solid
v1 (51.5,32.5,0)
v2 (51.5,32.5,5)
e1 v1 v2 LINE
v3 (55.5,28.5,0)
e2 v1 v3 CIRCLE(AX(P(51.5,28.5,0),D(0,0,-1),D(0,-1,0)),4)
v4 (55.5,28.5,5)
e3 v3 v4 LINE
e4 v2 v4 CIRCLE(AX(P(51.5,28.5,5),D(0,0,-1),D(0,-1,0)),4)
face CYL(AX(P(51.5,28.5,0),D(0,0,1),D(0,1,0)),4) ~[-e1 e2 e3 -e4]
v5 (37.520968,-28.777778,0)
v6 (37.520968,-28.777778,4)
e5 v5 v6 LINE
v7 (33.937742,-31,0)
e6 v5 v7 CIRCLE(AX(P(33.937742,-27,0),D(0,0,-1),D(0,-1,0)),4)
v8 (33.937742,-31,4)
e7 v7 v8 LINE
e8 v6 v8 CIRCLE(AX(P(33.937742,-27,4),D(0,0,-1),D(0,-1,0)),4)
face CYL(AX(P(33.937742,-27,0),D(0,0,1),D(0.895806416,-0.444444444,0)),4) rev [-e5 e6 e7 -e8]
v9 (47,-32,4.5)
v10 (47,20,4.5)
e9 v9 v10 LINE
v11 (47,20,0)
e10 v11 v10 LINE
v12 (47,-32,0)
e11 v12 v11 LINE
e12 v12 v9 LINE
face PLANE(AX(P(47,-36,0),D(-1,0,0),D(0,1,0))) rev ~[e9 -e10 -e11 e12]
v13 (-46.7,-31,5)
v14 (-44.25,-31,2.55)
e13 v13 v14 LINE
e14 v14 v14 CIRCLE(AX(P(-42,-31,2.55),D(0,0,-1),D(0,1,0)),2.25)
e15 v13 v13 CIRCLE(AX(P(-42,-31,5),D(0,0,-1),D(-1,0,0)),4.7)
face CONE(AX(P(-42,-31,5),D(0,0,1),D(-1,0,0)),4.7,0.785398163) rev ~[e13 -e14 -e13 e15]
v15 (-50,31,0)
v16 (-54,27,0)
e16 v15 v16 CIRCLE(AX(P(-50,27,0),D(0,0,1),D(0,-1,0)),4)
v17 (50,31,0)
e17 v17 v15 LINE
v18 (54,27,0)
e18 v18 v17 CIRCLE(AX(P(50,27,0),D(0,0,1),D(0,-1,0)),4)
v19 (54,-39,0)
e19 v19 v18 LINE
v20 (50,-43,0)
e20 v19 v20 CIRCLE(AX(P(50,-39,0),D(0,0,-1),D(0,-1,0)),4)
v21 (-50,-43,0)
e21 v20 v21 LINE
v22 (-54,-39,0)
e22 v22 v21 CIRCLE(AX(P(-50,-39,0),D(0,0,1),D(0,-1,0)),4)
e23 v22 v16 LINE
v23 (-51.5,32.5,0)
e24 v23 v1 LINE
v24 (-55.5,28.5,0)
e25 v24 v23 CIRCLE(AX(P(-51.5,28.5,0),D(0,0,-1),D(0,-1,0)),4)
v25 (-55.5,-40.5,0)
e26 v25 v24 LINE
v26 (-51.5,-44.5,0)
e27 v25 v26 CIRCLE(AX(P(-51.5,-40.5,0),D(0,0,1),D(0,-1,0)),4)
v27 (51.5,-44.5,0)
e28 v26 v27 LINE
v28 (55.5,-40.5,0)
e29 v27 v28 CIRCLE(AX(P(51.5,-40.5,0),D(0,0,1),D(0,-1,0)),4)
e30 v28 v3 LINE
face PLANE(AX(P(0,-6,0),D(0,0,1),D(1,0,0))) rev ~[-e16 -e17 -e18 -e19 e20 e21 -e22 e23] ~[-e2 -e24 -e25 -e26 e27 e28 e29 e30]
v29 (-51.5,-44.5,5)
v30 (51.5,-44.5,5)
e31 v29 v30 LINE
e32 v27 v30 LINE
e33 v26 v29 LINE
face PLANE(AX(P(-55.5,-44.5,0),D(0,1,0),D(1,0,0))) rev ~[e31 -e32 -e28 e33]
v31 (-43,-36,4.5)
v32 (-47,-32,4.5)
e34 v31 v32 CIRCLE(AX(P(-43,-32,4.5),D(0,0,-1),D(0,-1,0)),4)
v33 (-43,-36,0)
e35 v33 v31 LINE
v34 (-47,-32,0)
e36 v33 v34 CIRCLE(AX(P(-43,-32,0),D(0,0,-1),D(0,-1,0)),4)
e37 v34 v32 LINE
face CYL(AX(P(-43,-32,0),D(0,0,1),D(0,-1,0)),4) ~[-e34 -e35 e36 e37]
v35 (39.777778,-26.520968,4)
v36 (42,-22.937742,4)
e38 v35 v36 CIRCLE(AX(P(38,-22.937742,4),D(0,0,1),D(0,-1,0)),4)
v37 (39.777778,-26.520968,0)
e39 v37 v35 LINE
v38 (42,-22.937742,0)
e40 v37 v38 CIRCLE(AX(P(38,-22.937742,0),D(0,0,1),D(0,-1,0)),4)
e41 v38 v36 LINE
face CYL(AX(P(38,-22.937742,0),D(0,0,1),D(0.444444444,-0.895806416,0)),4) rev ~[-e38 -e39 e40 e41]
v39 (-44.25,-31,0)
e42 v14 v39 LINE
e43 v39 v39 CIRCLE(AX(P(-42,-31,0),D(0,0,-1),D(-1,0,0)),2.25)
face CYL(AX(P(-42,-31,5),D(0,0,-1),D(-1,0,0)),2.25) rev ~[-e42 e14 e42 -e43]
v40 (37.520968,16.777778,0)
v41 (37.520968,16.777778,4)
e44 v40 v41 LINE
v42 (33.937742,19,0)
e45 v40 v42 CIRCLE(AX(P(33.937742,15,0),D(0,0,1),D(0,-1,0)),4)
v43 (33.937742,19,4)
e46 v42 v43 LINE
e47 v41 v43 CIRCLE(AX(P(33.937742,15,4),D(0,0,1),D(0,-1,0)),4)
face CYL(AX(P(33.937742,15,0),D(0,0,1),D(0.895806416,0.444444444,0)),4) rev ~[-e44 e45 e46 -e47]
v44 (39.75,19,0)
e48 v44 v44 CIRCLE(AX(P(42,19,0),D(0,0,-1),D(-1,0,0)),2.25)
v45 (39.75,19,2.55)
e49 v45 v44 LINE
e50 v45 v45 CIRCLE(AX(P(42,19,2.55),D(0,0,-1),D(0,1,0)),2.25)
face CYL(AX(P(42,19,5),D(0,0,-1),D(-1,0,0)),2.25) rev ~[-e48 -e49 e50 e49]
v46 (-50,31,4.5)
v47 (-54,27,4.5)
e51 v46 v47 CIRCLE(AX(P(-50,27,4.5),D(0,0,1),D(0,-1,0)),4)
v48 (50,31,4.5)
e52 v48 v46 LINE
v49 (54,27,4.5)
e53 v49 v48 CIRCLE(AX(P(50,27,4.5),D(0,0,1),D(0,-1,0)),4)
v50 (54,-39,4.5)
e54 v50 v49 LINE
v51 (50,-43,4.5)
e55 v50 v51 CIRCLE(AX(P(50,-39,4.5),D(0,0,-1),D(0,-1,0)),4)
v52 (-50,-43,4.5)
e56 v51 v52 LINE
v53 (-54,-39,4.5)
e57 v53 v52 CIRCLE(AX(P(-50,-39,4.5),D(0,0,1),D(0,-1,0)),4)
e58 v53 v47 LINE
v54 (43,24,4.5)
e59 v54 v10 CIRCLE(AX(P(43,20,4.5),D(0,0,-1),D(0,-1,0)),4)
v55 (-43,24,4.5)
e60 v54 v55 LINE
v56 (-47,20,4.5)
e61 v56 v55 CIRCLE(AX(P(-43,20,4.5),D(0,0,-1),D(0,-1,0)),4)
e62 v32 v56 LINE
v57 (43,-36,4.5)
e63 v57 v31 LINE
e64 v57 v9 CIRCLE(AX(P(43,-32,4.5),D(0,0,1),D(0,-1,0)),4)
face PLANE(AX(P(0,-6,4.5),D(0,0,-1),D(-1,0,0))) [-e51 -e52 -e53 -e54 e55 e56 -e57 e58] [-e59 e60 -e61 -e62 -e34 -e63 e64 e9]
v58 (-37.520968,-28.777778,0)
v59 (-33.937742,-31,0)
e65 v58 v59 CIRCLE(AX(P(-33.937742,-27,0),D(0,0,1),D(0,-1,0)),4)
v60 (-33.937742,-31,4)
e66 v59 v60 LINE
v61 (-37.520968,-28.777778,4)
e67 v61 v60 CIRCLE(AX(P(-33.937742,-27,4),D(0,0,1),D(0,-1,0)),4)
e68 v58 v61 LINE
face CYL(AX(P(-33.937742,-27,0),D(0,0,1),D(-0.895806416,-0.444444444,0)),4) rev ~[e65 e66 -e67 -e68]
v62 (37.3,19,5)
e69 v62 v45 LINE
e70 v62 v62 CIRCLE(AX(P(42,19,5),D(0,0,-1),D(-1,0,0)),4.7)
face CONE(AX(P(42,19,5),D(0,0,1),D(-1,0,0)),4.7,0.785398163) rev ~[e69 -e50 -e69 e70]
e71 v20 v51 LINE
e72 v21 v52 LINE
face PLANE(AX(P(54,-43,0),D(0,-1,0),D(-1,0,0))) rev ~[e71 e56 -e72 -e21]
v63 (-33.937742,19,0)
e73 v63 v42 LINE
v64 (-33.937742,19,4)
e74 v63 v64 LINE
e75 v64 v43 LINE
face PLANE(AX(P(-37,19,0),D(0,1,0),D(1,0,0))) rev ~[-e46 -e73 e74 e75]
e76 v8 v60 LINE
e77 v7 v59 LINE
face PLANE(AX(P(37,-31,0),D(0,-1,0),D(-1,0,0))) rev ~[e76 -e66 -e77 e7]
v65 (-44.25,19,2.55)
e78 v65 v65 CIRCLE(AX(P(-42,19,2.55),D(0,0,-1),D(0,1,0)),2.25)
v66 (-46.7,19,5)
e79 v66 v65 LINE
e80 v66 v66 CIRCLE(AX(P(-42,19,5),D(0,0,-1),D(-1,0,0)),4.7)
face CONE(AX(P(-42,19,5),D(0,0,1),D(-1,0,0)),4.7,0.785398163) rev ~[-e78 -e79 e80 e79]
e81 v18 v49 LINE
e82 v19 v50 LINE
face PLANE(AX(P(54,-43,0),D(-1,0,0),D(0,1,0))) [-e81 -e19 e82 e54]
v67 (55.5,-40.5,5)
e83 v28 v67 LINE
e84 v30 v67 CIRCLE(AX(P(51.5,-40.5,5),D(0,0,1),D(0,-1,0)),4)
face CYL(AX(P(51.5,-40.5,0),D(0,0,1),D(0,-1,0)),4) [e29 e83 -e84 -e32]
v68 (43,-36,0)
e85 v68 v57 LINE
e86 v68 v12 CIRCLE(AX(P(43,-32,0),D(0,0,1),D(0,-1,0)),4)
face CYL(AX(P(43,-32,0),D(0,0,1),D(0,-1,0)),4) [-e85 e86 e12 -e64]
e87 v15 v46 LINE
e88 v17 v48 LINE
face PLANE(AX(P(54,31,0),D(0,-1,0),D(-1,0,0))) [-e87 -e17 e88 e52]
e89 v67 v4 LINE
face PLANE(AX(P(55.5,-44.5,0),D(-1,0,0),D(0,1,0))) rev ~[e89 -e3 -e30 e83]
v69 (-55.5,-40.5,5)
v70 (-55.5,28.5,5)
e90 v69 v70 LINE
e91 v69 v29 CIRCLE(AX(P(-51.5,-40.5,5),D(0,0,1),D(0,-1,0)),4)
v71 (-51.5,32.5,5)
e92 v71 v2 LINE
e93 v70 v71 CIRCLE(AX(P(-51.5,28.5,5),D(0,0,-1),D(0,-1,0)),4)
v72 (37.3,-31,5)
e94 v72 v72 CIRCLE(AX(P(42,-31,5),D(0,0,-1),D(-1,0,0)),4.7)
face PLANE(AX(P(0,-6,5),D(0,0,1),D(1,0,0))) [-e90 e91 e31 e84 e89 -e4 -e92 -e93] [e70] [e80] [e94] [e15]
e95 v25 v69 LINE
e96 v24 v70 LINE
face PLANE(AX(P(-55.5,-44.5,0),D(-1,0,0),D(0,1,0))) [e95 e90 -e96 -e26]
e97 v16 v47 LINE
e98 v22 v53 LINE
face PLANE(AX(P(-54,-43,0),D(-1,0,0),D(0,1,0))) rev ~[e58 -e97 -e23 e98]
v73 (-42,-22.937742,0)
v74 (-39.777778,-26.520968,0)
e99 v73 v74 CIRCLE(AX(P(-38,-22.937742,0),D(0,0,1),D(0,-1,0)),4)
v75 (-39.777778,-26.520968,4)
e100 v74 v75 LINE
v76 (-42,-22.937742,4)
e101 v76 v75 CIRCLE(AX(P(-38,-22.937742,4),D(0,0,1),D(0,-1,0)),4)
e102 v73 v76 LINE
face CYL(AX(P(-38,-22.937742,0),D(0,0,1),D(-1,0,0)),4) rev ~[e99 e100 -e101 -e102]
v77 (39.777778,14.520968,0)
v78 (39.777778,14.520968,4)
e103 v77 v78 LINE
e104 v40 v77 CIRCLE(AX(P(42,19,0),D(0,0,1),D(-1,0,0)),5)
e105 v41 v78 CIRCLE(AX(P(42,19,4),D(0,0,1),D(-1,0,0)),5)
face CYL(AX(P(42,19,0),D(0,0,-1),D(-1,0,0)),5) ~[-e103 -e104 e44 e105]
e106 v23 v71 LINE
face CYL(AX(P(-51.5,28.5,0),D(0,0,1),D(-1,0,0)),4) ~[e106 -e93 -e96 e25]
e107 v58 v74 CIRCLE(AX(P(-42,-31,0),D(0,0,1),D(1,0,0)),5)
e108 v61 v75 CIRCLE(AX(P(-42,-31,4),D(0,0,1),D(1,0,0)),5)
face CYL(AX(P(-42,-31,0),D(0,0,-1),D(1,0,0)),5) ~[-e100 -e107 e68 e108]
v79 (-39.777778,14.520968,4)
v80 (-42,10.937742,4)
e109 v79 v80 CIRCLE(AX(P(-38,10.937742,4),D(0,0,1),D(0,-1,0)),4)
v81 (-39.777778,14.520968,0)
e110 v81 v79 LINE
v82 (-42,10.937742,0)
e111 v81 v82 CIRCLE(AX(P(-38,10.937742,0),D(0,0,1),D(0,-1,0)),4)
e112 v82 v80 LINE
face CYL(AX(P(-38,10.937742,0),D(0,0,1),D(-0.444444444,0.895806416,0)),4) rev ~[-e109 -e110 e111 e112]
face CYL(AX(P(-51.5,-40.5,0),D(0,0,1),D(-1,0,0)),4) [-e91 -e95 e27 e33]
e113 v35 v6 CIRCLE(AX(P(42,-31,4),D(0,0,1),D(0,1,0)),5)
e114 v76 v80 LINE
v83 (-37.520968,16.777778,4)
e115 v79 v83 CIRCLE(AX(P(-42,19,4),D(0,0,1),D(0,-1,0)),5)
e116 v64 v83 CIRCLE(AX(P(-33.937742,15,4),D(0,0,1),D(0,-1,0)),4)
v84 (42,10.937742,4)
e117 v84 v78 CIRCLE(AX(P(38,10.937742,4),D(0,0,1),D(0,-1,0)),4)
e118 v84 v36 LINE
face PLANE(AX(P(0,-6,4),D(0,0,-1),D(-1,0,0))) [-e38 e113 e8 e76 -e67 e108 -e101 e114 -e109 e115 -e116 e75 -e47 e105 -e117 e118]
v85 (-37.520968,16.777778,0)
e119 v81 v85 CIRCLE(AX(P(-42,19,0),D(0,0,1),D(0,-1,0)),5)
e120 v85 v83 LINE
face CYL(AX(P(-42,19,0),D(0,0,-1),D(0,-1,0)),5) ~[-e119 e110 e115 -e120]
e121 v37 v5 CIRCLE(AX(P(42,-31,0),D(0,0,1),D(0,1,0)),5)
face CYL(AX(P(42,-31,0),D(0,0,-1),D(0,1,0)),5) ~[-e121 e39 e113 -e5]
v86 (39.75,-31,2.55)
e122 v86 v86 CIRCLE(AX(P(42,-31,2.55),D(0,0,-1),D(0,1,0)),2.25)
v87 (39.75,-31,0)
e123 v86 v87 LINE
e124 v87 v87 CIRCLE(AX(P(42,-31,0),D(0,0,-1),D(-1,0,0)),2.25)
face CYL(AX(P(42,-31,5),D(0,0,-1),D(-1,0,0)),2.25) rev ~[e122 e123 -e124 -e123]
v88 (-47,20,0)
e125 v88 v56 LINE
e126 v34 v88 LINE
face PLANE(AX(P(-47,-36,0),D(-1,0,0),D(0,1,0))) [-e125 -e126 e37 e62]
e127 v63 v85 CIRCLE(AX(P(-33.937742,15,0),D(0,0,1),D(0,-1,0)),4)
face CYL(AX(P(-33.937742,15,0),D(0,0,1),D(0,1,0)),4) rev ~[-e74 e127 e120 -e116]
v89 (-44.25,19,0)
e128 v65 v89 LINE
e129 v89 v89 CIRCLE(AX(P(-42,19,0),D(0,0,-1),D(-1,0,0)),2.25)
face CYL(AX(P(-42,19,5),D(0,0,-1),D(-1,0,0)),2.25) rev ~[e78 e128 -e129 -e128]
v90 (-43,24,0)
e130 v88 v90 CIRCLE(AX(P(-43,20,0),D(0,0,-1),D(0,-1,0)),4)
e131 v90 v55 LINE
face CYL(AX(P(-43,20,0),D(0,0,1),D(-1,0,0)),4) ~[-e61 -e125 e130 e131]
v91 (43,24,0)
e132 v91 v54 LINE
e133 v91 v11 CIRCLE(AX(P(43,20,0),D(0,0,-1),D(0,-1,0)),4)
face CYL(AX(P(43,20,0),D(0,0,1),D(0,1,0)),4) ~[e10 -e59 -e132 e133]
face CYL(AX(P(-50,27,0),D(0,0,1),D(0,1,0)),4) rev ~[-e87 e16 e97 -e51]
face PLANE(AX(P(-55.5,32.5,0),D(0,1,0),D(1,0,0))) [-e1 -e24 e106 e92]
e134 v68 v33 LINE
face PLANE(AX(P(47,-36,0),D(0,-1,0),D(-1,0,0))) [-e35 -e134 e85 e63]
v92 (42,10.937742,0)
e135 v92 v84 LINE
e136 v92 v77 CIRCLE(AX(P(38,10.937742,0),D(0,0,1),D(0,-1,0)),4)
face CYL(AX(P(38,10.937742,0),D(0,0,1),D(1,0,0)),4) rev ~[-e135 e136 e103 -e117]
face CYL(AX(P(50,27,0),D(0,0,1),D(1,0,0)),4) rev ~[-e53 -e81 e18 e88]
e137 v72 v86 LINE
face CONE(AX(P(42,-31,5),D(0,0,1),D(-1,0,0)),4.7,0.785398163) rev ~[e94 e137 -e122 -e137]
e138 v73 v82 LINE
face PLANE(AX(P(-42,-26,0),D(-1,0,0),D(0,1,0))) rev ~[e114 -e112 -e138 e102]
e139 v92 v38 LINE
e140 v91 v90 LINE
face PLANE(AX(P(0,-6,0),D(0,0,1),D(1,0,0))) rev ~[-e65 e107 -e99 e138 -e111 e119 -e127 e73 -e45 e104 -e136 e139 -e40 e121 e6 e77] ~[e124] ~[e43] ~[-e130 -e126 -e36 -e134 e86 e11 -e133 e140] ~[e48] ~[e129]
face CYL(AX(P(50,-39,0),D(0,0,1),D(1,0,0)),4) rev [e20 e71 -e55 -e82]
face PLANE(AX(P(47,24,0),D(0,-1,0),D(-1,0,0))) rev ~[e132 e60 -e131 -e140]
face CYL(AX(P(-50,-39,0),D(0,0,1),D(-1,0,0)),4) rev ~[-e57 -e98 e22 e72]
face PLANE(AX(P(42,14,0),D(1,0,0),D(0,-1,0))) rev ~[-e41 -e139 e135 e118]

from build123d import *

# Parameters (mm, degrees)
SKETCH_1_W                   = 111
SKETCH_1_H                   = 77
SKETCH_1_R                   = 2
EXTRUDE_1_DEPTH              = 5
SKETCH_2_W                   = 108
SKETCH_2_H                   = 74
SKETCH_2_W_2                 = 94
SKETCH_2_H_2                 = 60
CUT_EXTRUDE_1_DEPTH          = 4.5
CUT_EXTRUDE_2_DEPTH          = 4
FILLET_1_R                   = 4
HOLE_WIZARD_M4_1_D           = 4.5
HOLE_WIZARD_M4_1_CSINK_D     = 9.4
HOLE_WIZARD_M4_1_CSINK_ANGLE = 90


with BuildPart() as part:
    # ｽｹｯﾁ1 → ﾎﾞｽ - 押し出し1 (new body)
    with BuildSketch(Plane.XY):
        with Locations((0, -6)):
            Rectangle(SKETCH_1_W, SKETCH_1_H)
        with Locations((-42, 19)):
            Circle(SKETCH_1_R, mode=Mode.SUBTRACT)
        with Locations(Location((42, 19, 0), (0, 0, 180))):
            Circle(SKETCH_1_R, mode=Mode.SUBTRACT)
        with Locations((42, -31)):
            Circle(SKETCH_1_R, mode=Mode.SUBTRACT)
        with Locations(Location((-42, -31, 0), (0, 0, 180))):
            Circle(SKETCH_1_R, mode=Mode.SUBTRACT)
    extrude(amount=EXTRUDE_1_DEPTH)

    # ｽｹｯﾁ2 → ｶｯﾄ - 押し出し1 (cut)
    with BuildSketch(Plane(origin=(0, 0, 0), x_dir=(-1, 0, 0), z_dir=(0, 0, -1))):
        with Locations((0, -6)):
            Rectangle(SKETCH_2_W, SKETCH_2_H)
        with Locations((0, -6)):
            Rectangle(SKETCH_2_W_2, SKETCH_2_H_2, mode=Mode.SUBTRACT)
    extrude(amount=-CUT_EXTRUDE_1_DEPTH, mode=Mode.SUBTRACT)

    # ｽｹｯﾁ3 → ｶｯﾄ - 押し出し2 (cut)
    with BuildSketch(Plane(origin=(0, 0, 0), x_dir=(-1, 0, 0), z_dir=(0, 0, -1))):
        with BuildLine():
            Line((-37, -31), (37, -31))
            ThreePointArc((37, -31), (38.464466094, -27.464466094), (42, -26))
            Line((42, -26), (42, 14))
            ThreePointArc((42, 14), (38.464466094, 15.464466094), (37, 19))
            Line((37, 19), (-37, 19))
            ThreePointArc((-37, 19), (-38.464466094, 15.464466094), (-42, 14))
            Line((-42, 14), (-42, -26))
            ThreePointArc((-42, -26), (-38.464466094, -27.464466094), (-37, -31))
        make_face()
    extrude(amount=-CUT_EXTRUDE_2_DEPTH, mode=Mode.SUBTRACT)

    # ﾌｨﾚｯﾄ1
    fillet_1_edges = [part.edges().sort_by_distance(p)[0] for p in [
        (-54, -43, 2.25),
        (54, -43, 2.25),
        (54, 31, 2.25),
        (-54, 31, 2.25),
        (47, -36, 2.25),
        (47, 24, 2.25),
        (-47, 24, 2.25),
        (-47, -36, 2.25),
        (-37, 19, 2),
        (-42, 14, 2),
        (-42, -26, 2),
        (-37, -31, 2),
        (37, -31, 2),
        (42, -26, 2),
        (42, 14, 2),
        (37, 19, 2),
        (-55.5, -44.5, 2.5),
        (-55.5, 32.5, 2.5),
        (55.5, 32.5, 2.5),
        (55.5, -44.5, 2.5),
    ]]
    fillet(fillet_1_edges, radius=FILLET_1_R)

    # M4 丸皿ねじ用皿穴1 (through all)
    with Locations(Plane.XY.offset(5)):
        with Locations((-42, 19), (-42, -31), (42, -31), (42, 19)):
            CounterSinkHole(HOLE_WIZARD_M4_1_D / 2, HOLE_WIZARD_M4_1_CSINK_D / 2, counter_sink_angle=HOLE_WIZARD_M4_1_CSINK_ANGLE)


solid = part.part
